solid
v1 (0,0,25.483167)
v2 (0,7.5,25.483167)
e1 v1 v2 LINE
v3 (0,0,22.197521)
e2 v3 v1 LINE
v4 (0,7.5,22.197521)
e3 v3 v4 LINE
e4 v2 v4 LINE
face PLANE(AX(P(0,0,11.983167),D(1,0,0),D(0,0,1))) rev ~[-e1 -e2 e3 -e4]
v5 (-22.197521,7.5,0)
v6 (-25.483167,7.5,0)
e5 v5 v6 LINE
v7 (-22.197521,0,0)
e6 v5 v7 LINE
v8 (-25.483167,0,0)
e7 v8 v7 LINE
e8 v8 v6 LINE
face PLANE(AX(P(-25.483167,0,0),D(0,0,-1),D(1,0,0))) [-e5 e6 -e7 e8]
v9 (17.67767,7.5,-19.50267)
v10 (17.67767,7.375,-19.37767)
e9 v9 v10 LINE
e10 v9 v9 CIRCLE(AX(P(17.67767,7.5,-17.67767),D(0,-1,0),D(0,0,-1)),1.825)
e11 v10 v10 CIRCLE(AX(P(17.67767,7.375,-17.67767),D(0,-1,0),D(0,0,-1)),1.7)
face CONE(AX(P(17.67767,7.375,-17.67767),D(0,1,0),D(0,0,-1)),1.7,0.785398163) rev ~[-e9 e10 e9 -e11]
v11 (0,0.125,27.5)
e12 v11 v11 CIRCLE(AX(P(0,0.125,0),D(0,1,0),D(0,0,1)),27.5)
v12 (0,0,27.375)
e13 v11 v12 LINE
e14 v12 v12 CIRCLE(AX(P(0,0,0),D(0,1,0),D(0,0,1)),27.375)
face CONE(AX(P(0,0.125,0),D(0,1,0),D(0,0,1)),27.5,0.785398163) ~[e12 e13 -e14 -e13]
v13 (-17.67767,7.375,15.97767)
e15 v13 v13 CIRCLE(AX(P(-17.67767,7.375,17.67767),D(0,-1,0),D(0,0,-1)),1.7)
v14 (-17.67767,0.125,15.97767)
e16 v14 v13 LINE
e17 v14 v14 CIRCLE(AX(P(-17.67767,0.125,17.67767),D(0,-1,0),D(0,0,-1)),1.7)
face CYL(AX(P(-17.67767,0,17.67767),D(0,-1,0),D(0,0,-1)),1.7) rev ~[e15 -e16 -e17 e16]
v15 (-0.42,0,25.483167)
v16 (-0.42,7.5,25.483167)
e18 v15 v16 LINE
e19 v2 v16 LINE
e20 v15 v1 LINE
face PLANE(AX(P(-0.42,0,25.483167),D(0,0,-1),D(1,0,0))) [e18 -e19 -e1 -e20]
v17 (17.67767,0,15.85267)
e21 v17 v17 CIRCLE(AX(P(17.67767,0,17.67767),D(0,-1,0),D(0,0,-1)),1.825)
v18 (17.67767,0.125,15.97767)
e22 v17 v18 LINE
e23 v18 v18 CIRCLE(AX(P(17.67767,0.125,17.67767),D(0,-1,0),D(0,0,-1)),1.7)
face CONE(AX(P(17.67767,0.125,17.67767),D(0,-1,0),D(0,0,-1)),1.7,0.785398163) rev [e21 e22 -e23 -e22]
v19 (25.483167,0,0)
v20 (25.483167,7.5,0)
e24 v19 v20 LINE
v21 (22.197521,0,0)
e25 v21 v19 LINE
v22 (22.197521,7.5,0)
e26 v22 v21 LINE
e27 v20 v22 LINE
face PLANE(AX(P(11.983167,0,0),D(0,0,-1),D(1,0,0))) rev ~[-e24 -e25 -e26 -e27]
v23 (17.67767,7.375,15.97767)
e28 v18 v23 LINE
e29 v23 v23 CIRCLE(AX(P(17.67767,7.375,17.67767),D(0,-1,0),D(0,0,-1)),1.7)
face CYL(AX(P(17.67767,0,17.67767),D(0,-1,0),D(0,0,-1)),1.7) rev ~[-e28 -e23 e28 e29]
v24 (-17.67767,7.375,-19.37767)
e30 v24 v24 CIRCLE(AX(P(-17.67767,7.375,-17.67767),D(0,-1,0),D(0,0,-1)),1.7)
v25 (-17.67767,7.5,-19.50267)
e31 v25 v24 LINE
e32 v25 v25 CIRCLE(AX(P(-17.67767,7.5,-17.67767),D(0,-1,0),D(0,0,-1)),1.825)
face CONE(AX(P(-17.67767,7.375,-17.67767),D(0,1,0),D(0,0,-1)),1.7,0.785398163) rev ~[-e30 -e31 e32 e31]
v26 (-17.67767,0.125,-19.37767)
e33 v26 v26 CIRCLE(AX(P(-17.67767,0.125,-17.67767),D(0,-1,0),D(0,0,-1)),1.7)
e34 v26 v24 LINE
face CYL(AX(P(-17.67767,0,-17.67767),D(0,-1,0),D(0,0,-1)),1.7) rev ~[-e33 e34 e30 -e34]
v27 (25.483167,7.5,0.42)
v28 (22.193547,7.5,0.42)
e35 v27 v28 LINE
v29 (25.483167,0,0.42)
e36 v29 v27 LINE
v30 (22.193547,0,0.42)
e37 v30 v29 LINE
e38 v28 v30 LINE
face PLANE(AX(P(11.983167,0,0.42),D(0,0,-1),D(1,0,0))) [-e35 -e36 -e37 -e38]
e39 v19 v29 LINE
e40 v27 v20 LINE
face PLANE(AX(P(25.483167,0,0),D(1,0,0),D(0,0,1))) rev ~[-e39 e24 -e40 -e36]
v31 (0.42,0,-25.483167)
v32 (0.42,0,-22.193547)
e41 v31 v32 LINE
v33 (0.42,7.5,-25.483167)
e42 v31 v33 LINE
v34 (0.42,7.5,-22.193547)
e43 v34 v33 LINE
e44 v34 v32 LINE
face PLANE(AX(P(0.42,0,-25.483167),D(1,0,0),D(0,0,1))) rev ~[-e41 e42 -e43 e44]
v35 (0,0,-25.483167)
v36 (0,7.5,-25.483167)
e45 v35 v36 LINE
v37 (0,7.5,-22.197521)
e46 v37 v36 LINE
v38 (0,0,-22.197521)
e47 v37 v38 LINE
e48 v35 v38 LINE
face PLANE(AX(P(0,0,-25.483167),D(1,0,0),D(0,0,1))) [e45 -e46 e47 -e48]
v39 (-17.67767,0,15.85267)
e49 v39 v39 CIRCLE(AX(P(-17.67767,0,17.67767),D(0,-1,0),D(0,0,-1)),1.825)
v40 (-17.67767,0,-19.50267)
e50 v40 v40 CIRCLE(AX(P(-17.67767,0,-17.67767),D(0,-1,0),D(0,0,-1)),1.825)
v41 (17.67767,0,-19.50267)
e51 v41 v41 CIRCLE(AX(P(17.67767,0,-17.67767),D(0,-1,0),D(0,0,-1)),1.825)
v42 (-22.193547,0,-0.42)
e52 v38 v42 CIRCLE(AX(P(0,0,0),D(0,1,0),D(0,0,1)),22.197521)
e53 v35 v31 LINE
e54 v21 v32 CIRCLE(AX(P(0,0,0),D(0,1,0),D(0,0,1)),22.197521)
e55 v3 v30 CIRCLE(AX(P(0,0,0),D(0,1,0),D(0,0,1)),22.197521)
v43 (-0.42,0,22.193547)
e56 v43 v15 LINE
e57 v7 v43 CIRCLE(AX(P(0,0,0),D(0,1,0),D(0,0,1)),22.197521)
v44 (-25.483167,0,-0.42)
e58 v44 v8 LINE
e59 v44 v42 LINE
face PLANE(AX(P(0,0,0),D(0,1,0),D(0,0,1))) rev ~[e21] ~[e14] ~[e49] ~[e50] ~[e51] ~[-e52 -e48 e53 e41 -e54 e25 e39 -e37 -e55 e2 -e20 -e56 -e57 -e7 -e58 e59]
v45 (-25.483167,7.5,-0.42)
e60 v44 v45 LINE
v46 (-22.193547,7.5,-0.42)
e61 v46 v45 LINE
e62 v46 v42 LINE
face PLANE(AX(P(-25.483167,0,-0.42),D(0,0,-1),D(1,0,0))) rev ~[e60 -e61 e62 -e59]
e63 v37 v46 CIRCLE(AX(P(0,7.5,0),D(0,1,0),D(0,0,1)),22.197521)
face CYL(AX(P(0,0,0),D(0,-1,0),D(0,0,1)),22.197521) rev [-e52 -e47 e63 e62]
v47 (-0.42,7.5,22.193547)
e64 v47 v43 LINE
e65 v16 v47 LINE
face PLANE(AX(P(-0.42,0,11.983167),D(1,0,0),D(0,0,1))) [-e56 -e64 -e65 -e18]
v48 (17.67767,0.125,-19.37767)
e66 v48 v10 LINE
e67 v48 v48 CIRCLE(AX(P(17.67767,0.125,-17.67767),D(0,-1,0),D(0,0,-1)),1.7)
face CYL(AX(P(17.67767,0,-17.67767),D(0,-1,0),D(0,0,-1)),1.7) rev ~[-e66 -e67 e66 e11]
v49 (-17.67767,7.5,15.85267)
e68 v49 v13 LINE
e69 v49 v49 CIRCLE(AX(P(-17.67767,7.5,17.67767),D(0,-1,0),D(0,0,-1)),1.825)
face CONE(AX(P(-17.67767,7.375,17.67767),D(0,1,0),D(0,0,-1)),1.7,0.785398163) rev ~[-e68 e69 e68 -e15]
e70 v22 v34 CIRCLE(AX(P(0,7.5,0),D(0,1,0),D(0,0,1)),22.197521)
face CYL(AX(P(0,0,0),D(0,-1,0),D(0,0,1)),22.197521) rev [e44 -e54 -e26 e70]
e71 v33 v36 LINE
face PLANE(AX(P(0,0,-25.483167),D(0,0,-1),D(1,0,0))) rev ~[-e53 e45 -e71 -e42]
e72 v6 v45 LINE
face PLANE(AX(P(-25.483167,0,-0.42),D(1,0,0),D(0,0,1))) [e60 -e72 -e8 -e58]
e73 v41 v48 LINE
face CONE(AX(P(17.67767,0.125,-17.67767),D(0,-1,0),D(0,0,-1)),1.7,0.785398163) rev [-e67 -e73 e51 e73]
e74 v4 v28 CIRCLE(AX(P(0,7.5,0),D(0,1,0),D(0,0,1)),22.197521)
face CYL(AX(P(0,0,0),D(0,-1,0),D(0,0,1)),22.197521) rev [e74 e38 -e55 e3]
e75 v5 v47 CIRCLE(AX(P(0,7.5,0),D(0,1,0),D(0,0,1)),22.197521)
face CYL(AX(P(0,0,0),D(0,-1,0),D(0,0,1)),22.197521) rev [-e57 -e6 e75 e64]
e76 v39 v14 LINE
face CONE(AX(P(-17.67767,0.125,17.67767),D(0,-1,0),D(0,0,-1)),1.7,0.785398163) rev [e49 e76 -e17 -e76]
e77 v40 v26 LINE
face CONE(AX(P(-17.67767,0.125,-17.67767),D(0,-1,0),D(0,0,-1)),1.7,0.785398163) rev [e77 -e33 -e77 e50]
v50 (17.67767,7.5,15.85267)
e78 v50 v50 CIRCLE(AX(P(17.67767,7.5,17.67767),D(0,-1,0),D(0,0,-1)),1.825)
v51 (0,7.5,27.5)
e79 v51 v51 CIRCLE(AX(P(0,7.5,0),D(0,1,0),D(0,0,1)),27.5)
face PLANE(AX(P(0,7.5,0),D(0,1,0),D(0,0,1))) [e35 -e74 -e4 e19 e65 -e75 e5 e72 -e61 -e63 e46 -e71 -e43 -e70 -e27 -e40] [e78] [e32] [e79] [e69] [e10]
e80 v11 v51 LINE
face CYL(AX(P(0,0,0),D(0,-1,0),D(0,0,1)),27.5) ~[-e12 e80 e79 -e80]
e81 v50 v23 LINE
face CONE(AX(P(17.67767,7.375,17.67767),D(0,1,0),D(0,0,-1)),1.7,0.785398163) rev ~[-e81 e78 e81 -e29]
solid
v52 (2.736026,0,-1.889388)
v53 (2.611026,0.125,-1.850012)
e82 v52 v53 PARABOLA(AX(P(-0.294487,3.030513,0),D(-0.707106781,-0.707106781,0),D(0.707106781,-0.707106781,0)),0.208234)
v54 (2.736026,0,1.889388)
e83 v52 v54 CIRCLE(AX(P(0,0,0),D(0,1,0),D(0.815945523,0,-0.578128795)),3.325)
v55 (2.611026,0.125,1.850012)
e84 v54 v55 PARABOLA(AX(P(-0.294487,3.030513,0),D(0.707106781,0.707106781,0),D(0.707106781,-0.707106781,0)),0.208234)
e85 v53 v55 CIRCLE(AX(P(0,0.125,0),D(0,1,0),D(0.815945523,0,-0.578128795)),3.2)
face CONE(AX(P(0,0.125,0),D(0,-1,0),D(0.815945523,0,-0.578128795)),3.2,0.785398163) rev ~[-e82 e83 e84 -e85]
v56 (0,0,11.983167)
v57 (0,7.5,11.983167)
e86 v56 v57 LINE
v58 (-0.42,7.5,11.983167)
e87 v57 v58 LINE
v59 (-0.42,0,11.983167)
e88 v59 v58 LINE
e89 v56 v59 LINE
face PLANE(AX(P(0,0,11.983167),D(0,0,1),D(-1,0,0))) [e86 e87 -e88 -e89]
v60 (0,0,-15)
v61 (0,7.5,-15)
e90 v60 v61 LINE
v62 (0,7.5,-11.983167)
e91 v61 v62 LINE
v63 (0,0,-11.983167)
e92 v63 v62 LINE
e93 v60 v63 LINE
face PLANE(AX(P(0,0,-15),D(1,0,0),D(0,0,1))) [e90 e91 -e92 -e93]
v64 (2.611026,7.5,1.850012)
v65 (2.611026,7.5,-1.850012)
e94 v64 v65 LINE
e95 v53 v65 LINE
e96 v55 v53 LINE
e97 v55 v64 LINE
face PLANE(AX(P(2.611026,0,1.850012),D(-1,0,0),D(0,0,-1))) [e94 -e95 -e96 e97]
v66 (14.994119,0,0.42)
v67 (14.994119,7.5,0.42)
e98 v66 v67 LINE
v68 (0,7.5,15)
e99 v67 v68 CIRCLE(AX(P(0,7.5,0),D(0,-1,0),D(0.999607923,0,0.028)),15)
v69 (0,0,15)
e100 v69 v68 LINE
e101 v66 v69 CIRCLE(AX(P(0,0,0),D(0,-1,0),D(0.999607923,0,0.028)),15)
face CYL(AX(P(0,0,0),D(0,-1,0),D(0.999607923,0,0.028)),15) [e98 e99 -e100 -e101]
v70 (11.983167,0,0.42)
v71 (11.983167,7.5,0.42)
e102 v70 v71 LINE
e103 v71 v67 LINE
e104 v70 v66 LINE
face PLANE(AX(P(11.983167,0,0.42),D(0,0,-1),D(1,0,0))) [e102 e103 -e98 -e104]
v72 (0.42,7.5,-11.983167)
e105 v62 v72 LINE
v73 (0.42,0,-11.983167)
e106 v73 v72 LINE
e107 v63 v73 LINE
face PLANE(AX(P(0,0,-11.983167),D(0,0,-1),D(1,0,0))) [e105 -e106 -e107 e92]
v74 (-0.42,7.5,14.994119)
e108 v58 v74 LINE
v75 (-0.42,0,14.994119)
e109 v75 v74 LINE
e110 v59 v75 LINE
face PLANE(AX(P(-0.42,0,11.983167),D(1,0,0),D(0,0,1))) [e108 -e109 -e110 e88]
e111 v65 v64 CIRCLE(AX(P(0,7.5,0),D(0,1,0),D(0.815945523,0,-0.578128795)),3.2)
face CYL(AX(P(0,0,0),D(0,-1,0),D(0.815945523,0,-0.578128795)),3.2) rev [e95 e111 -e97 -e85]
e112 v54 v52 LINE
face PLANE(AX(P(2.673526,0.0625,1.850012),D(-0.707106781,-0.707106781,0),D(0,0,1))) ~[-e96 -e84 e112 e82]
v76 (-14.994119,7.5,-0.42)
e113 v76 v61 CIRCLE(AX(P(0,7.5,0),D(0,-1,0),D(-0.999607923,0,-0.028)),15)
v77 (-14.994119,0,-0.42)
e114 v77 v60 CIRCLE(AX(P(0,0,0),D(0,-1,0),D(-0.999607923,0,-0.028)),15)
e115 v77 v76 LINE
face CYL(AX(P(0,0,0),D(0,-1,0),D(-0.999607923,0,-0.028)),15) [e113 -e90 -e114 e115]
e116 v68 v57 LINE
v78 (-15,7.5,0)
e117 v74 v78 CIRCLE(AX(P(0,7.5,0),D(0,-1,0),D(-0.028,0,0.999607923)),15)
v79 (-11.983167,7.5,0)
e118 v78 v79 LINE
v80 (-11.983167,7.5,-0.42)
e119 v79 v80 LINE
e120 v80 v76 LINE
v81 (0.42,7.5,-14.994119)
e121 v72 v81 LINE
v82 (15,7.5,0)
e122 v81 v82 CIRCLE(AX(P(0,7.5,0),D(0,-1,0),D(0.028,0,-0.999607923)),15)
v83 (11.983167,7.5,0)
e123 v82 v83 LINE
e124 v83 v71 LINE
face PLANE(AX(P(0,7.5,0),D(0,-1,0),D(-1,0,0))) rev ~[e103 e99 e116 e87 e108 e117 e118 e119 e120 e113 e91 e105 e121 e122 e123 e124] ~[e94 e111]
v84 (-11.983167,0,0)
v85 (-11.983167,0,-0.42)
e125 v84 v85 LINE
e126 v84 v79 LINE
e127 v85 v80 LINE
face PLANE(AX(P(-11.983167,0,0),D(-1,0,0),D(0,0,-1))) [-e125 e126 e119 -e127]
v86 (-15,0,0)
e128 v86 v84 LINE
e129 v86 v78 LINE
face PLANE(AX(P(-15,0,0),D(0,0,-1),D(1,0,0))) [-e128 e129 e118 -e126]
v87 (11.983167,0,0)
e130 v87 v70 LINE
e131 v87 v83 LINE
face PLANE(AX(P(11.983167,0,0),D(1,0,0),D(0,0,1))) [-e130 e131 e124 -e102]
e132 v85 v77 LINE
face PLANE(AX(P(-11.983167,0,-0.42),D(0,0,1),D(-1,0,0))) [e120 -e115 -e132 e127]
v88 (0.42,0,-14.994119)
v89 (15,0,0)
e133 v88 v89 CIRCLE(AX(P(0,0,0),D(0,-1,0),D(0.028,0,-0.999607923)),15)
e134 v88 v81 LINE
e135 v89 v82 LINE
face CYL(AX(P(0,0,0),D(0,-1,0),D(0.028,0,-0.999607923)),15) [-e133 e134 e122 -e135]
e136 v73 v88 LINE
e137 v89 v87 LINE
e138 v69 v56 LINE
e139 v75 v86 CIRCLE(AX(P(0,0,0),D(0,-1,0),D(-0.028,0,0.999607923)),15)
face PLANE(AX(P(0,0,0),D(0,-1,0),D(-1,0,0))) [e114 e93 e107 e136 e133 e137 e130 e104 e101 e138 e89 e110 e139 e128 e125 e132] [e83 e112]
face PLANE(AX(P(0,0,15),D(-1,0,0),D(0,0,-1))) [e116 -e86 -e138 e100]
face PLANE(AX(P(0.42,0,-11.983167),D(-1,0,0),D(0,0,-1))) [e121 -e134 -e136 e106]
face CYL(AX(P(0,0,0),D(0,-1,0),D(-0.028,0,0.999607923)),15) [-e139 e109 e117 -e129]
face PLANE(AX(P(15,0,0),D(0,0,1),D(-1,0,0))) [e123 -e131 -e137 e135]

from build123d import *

# Parameters (mm, degrees)
SKETCH2_R             = 27.5
SKETCH2_R_2           = 22.197520882
BOSS_EXTRUDE3_DEPTH   = 7.5
BOSS_EXTRUDE3_2_DEPTH = 7.5
SKETCH5_R             = 1.7
SKETCH5_W             = 0.42
SKETCH5_H             = 13.5
SKETCH5_W_2           = 13.5
SKETCH5_H_2           = 0.42
CUT_EXTRUDE6_DEPTH    = 40.607448794
CUT_EXTRUDE8_DEPTH    = 7.5
CHAMFER3_SIZE         = 0.125
CHAMFER4_SIZE         = 0.125


with BuildPart() as part:
    # Sketch2 → Boss-Extrude3 (new body)
    with BuildSketch(Plane(origin=(0, 0, 0), x_dir=(1, 0, 0), z_dir=(0, 1, 0))):
        with Locations(Location((0, 0, 0), (0, 0, 270))):
            Circle(SKETCH2_R)
        with Locations(Location((0, 0, 0), (0, 0, 270))):
            Circle(SKETCH2_R_2, mode=Mode.SUBTRACT)
    extrude(amount=BOSS_EXTRUDE3_DEPTH)

    # Sketch5 → Cut-Extrude6 (cut, through all)
    with BuildSketch(Plane.XZ):
        with Locations(Location((-17.67766953, 17.67766953, 0), (0, 0, 270))):
            Circle(SKETCH5_R)
        with Locations(Location((17.67766953, 17.67766953, 0), (0, 0, 270))):
            Circle(SKETCH5_R)
        with Locations(Location((17.67766953, -17.67766953, 0), (0, 0, 270))):
            Circle(SKETCH5_R)
        with Locations(Location((-17.67766953, -17.67766953, 0), (0, 0, 270))):
            Circle(SKETCH5_R)
        with Locations((0.21, -18.733167206)):
            Rectangle(SKETCH5_W, SKETCH5_H)
        with Locations((-18.733167206, -0.21)):
            Rectangle(SKETCH5_W_2, SKETCH5_H_2)
        with Locations((-0.21, 18.733167206)):
            Rectangle(SKETCH5_W, SKETCH5_H)
        with Locations((18.733167206, 0.21)):
            Rectangle(SKETCH5_W_2, SKETCH5_H_2)
    extrude(amount=-CUT_EXTRUDE6_DEPTH, mode=Mode.SUBTRACT)

    # Chamfer4
    chamfer4_edges = [part.edges().sort_by_distance(p)[0] for p in [
        (0, 0, -27.5),
        (-17.67766953, 7.5, 19.37766953),
        (-17.67766953, 0, 19.37766953),
        (17.67766953, 7.5, 19.37766953),
        (17.67766953, 0, 19.37766953),
        (17.67766953, 7.5, -15.97766953),
        (17.67766953, 0, -15.97766953),
        (-17.67766953, 7.5, -15.97766953),
        (-17.67766953, 0, -15.97766953),
    ]]
    chamfer(chamfer4_edges, length=CHAMFER4_SIZE)


with BuildPart() as body_2:
    # Sketch2 → Boss-Extrude3 2 (new body)
    with BuildSketch(Plane(origin=(0, 0, 0), x_dir=(1, 0, 0), z_dir=(0, 1, 0))):
        with BuildLine():
            Line((0, -15), (0, -11.983167206))
            Line((0, -11.983167206), (-0.42, -11.983167206))
            Line((-0.42, -11.983167206), (-0.42, -14.994118847))
            ThreePointArc((-0.42, -14.994118847), (-10.754068997, -10.457055035), (-15, 0))
            Line((-15, 0), (-11.983167206, 0))
            Line((-11.983167206, 0), (-11.983167206, 0.42))
            Line((-11.983167206, 0.42), (-14.994118847, 0.42))
            ThreePointArc((-14.994118847, 0.42), (-10.457055035, 10.754068997), (0, 15))
            Line((0, 15), (0, 11.983167206))
            Line((0, 11.983167206), (0.42, 11.983167206))
            Line((0.42, 11.983167206), (0.42, 14.994118847))
            ThreePointArc((0.42, 14.994118847), (10.754068997, 10.457055035), (15, 0))
            Line((15, 0), (11.983167206, 0))
            Line((11.983167206, 0), (11.983167206, -0.42))
            Line((11.983167206, -0.42), (14.994118847, -0.42))
            ThreePointArc((14.994118847, -0.42), (10.457055035, -10.754068997), (0, -15))
        make_face()
    extrude(amount=BOSS_EXTRUDE3_2_DEPTH)

    # Sketch7 → Cut-Extrude8 (cut)
    with BuildSketch(Plane.XZ):
        with BuildLine():
            Line((2.611025673, 1.850012144), (2.611025673, -1.850012144))
            ThreePointArc((2.611025673, -1.850012144), (-3.2, 0), (2.611025673, 1.850012144))
        make_face()
    extrude(amount=-CUT_EXTRUDE8_DEPTH, mode=Mode.SUBTRACT)

    # Chamfer3
    chamfer3_edges = [body_2.edges().sort_by_distance(p)[0] for p in [
        (2.611025673, 0, 0),
        (-3.2, 0, 0),
    ]]
    chamfer(chamfer3_edges, length=CHAMFER3_SIZE)


solid = Compound([part.part, body_2.part])
